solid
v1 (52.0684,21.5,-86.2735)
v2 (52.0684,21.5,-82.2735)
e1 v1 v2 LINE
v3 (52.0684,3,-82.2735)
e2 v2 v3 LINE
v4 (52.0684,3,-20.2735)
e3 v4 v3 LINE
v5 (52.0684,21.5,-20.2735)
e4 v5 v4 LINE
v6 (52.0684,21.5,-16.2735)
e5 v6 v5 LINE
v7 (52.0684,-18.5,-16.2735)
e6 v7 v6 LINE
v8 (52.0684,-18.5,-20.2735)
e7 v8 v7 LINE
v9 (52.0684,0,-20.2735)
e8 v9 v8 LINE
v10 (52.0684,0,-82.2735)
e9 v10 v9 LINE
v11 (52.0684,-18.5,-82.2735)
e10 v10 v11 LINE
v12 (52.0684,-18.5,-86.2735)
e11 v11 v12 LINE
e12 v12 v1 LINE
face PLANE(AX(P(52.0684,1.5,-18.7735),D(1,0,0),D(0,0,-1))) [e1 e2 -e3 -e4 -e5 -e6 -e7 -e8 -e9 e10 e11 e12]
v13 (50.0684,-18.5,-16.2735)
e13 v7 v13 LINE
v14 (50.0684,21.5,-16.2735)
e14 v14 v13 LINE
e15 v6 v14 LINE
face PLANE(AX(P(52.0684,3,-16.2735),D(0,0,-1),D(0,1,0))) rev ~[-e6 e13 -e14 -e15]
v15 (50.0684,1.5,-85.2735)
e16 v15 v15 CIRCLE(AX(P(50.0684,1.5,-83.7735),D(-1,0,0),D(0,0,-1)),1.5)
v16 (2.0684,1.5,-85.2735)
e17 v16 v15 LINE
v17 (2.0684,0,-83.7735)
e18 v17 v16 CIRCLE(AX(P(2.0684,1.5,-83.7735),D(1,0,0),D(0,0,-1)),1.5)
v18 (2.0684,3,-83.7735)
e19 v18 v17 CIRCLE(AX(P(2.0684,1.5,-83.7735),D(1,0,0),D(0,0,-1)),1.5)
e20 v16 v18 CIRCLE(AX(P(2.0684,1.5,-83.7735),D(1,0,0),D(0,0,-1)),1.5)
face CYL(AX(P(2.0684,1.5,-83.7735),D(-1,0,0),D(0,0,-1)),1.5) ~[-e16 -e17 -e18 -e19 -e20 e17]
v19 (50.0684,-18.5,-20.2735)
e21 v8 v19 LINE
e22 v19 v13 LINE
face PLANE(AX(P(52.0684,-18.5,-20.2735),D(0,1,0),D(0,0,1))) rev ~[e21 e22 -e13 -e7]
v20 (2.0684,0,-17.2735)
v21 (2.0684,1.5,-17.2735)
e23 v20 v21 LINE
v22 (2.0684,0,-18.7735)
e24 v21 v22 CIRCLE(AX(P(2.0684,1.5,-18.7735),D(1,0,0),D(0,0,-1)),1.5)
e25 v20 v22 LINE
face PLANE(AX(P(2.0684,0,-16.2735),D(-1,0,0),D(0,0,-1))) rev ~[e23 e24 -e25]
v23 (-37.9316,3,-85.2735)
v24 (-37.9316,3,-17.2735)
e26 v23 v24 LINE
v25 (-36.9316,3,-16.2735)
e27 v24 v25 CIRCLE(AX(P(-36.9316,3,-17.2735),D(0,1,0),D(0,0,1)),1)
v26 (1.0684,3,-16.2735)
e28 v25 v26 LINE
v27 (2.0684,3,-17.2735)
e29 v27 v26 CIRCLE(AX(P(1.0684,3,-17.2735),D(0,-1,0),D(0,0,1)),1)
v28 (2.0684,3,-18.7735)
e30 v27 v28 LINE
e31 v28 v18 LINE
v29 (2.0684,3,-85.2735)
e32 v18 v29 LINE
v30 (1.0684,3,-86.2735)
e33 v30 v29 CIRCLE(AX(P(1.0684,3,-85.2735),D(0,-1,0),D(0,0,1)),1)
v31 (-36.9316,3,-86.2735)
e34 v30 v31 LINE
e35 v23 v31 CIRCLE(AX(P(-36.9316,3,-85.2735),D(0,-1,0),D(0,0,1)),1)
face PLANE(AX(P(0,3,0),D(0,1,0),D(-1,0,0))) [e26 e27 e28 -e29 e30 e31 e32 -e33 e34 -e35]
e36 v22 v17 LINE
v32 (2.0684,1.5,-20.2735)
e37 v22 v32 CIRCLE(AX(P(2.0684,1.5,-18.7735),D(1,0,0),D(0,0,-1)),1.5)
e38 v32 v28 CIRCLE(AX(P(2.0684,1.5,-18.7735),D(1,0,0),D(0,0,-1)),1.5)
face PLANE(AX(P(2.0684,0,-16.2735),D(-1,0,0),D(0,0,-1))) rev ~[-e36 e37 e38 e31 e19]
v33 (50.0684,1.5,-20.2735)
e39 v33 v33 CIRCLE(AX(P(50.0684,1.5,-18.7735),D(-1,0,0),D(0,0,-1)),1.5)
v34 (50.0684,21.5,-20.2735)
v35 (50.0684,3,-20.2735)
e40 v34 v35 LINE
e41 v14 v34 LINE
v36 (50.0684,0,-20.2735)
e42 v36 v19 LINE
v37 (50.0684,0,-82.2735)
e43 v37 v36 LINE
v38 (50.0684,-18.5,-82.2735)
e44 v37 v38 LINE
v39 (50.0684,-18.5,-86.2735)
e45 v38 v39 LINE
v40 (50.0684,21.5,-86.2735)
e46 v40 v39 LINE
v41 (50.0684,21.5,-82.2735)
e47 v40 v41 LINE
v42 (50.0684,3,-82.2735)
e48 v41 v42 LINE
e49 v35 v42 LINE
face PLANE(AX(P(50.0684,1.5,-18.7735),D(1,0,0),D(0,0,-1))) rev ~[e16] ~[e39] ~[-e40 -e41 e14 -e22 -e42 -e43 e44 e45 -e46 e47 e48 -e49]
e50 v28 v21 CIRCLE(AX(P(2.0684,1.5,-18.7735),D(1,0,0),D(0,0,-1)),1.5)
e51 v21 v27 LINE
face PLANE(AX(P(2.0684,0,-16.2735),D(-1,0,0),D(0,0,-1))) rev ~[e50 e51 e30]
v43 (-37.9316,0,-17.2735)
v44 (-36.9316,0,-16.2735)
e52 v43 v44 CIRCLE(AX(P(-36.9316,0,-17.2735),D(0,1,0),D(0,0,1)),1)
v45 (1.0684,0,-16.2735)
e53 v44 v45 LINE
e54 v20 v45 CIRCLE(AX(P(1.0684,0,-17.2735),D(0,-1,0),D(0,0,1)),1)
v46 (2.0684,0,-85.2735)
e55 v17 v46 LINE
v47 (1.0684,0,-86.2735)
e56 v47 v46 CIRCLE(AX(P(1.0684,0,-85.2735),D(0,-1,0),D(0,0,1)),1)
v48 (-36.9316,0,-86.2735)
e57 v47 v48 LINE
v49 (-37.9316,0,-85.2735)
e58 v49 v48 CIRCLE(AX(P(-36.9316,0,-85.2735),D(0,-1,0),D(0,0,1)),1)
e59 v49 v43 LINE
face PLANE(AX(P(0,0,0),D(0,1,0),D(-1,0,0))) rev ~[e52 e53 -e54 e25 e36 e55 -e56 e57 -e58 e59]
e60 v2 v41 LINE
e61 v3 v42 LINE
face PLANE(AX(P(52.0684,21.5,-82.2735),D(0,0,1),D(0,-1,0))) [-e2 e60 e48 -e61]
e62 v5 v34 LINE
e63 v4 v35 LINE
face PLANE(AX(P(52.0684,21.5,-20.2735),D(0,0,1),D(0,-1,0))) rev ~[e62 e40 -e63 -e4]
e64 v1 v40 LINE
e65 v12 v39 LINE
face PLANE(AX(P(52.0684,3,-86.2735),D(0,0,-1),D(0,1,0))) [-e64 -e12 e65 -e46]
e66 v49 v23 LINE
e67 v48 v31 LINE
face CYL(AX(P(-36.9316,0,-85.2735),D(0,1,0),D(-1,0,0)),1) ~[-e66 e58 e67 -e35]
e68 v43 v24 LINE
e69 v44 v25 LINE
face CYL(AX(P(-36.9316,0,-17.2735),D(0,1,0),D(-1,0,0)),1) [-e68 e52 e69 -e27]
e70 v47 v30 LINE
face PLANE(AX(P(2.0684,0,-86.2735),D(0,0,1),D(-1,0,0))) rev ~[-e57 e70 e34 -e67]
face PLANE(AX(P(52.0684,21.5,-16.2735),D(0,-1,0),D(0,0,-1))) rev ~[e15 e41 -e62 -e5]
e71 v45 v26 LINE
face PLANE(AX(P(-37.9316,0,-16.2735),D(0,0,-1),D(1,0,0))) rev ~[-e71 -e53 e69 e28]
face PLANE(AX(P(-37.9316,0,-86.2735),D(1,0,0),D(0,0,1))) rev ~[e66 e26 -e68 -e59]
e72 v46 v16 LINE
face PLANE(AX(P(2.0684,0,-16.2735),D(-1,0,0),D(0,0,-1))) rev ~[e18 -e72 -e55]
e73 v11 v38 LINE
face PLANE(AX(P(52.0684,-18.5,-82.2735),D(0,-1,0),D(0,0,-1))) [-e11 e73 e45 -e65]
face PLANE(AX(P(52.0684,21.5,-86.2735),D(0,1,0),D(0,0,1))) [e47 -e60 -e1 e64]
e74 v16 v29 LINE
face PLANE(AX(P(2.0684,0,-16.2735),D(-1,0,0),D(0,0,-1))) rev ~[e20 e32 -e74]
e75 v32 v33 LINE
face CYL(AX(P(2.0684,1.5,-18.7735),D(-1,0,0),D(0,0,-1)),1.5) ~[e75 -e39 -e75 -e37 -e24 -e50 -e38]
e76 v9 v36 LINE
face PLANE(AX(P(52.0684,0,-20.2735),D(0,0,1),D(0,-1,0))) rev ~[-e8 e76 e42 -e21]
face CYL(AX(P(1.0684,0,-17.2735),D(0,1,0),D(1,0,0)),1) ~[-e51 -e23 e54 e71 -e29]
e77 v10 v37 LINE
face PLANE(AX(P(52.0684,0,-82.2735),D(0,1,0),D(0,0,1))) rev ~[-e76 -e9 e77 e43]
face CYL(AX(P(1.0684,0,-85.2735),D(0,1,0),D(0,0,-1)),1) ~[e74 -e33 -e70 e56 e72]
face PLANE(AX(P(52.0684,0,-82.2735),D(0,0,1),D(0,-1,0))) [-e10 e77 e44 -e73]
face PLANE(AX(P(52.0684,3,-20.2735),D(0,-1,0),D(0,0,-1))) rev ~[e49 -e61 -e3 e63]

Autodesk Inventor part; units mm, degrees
ref_plane "YZ Plane" through (0, 0, 0) normal (1, 0, 0) x (0, 1, 0)
ref_plane "XZ Plane" through (0, 0, 0) normal (0, 1, 0) x (-1, 0, 0)
ref_plane "XY Plane" through (0, 0, 0) normal (0, 0, 1) x (1, 0, 0)
sketch "Skizze1" plane through (0, 0, 0) normal (0, 1, 0) x (-1, 0, 0)
  line L0 (37.9316, -16.2735) -> (-2.0684, -16.2735)
  line L1 (-2.0684, -16.2735) -> (-2.0684, -86.2735)
  line L2 (-2.0684, -86.2735) -> (37.9316, -86.2735)
  line L3 (37.9316, -86.2735) -> (37.9316, -16.2735)
  point P0 (0, 0)
  dimension "d0" = 70
  dimension "d1" = 40
extrude "Extrusion1" add sketch "Skizze1" along normal blind 3
fillet "Rundung1" radius 1 4 edges at (-37.9316, 1.5, -16.2735) (-37.9316, 1.5, -86.2735) (2.0684, 1.5, -86.2735) (2.0684, 1.5, -16.2735)
sketch "Skizze2" plane through (2.0684, 0, -17.2735) normal (1, 0, 0) x (0, 0, -1)
  circle A0 centre (1.5, 1.5) radius 1.5
  circle A1 centre (66.5, 1.5) radius 1.5
  line L0 (0, 3) -> (68, 3) projected
  line L1 (0, 0) -> (0, 3) projected
  line L2 (68, 3) -> (68, 0) projected
  point P0 (-17.2735, 0)
  dimension "d5" = 3
  dimension "d6" = 3
  dimension "d7" = 1.5
  dimension "d8" = 1.5
  dimension "d9" = 1.5
  dimension "d10" = 1.5
extrude "Extrusion2" add sketch "Skizze2" along normal blind 50 contours A0 | A1
sketch "Skizze3" plane through (52.0684, 1.5, -18.7735) normal (1, 0, 0) x (0, 0, -1)
  line L0 (-2.5, 1.5) -> (67.5, 1.5)
  line L1 (67.5, 1.5) -> (67.5, -1.5)
  line L2 (67.5, -1.5) -> (-2.5, -1.5)
  line L3 (-2.5, -1.5) -> (-2.5, 1.5)
  circle A0 centre (0, 0) radius 1.5 projected
  circle A1 centre (65, 0) radius 1.5 projected
  line L4 (-2.5, 20) -> (1.5, 20)
  line L5 (1.5, 20) -> (1.5, -20)
  line L6 (1.5, -20) -> (-2.5, -20)
  line L7 (-2.5, -20) -> (-2.5, 20)
  line L8 (67.5, 20) -> (63.5, 20)
  line L9 (63.5, 20) -> (63.5, -20)
  line L10 (63.5, -20) -> (67.5, -20)
  line L11 (67.5, -20) -> (67.5, 20)
  point P0 (-18.7735, -1.5)
  dimension "d13" = 1.5
  dimension "d14" = 1.5
  dimension "d16" = 2.5
  dimension "d17" = 2.5
  dimension "d20" = 40
  dimension "d21" = 20
extrude "Extrusion4" add sketch "Skizze3" against normal blind 2
properties part number "Spielstraßenschild_gesamt"
